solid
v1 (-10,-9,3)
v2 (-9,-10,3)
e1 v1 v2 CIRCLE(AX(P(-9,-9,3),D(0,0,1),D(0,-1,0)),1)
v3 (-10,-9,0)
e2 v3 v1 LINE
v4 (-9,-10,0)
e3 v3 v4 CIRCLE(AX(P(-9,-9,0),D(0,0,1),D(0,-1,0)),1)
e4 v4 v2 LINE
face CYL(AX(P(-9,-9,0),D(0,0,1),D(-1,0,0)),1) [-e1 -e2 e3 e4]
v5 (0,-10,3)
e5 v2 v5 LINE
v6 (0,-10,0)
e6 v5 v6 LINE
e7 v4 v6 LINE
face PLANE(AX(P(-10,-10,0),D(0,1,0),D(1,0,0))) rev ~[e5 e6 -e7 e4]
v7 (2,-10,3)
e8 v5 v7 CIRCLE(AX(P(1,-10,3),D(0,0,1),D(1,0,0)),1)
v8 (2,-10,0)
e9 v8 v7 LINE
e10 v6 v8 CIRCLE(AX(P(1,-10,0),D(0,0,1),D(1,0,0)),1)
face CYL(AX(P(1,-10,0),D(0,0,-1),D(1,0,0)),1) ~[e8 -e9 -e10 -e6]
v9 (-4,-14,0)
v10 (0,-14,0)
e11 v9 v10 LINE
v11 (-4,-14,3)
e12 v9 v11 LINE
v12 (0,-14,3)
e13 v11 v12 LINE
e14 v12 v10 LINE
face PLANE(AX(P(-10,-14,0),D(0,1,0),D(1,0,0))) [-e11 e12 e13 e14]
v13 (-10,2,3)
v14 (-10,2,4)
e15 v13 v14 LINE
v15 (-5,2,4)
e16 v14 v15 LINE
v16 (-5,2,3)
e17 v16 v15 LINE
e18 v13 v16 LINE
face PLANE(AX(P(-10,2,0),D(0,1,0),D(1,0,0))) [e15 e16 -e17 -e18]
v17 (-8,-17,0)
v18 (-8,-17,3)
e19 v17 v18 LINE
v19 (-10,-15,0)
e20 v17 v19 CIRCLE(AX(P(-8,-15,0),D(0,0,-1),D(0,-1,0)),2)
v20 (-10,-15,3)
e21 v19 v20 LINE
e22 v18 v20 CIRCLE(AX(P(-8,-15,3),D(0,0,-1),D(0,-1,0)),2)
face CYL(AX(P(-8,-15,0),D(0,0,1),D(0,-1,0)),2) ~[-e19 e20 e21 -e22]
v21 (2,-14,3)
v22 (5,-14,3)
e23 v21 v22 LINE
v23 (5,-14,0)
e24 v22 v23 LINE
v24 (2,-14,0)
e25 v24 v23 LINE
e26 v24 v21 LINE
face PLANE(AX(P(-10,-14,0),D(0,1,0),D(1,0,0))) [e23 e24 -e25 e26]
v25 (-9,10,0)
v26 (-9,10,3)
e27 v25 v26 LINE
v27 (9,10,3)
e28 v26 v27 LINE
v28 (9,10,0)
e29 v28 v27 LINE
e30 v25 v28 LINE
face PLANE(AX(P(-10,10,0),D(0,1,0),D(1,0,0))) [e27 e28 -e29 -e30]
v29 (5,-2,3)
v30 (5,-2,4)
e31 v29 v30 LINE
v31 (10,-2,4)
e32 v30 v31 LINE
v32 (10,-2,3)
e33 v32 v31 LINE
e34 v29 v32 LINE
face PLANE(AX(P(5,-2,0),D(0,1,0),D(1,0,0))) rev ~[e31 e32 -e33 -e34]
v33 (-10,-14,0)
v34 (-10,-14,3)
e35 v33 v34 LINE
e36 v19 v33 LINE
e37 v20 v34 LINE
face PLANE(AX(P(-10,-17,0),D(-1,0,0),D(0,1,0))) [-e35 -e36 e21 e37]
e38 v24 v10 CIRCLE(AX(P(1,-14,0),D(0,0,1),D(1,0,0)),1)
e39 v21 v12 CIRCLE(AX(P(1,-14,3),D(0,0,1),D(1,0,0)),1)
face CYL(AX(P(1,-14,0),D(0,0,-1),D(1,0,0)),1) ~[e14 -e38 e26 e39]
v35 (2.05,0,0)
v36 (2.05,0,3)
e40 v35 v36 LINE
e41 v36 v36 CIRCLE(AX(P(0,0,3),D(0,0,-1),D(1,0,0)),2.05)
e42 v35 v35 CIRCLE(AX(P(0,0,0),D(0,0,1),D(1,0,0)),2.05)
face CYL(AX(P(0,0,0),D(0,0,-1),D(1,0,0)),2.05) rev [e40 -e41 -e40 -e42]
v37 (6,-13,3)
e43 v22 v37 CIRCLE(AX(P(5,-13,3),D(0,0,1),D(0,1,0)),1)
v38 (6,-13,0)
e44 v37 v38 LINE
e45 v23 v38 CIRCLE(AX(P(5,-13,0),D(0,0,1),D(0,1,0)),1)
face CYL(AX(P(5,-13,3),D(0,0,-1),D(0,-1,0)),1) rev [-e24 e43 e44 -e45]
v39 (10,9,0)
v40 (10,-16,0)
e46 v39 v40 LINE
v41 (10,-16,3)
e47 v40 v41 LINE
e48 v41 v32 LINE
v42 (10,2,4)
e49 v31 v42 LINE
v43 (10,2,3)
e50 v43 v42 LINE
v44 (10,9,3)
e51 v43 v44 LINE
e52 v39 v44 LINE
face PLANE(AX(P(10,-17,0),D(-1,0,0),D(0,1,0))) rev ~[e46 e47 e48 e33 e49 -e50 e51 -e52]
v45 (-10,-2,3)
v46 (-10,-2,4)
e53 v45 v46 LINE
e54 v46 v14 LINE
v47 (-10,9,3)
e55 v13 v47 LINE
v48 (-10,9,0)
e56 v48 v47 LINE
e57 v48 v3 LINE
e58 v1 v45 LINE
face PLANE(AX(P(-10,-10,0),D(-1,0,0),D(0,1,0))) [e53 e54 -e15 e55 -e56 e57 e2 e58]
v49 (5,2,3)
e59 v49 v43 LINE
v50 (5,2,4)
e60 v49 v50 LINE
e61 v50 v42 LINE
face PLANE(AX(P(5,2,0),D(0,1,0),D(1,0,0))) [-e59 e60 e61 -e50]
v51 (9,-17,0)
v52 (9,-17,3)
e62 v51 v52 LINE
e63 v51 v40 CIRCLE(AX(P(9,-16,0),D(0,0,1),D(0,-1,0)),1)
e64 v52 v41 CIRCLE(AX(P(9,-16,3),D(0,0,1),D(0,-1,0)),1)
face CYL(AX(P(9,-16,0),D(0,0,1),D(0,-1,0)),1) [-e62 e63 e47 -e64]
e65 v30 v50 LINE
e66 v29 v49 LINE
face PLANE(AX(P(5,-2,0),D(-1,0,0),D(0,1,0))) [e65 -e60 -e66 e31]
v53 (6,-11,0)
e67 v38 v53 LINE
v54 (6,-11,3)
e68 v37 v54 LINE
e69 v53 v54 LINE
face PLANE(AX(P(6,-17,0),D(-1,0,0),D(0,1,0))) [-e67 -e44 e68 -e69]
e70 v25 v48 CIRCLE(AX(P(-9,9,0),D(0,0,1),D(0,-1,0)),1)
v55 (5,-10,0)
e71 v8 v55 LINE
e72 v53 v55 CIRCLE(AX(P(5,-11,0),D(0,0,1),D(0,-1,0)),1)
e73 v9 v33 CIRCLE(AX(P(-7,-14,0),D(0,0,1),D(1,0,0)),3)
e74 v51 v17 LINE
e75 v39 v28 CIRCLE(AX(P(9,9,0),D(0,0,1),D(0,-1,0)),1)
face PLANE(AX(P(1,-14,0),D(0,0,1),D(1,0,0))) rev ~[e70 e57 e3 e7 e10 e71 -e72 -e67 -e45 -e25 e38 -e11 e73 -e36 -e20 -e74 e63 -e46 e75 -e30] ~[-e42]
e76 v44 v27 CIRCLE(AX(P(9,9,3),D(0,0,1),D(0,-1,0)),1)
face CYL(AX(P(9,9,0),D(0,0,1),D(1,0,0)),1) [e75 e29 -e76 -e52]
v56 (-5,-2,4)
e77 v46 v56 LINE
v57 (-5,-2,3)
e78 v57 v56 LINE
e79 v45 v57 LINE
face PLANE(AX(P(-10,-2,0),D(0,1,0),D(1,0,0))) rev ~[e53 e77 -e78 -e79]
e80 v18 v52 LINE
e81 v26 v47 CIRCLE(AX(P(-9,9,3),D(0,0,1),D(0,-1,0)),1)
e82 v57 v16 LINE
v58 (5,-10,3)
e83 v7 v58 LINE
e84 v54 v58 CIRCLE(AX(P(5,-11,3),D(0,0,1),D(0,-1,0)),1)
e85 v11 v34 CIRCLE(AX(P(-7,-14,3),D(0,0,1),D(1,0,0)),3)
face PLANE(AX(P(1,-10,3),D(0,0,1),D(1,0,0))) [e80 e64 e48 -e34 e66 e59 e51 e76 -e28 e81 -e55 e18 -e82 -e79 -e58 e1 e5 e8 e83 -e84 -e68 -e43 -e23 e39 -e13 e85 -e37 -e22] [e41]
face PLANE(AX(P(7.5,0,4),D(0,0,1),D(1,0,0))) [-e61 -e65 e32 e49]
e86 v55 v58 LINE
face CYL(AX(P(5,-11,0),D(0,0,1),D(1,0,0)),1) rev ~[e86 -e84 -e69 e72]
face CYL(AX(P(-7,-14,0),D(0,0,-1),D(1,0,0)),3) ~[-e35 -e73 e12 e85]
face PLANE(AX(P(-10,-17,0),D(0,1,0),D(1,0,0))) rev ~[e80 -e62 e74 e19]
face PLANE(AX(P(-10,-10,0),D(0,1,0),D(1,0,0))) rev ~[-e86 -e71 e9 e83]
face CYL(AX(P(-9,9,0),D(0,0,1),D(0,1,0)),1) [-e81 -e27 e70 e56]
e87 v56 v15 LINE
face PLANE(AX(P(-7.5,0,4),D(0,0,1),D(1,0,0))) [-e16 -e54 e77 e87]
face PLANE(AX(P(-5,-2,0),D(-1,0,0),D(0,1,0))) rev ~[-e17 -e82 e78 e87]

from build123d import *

# Parameters (mm, degrees)
CYLINDER005_R     = 2.05
CYLINDER005_DEPTH = 10
BOX008_W          = 5
BOX008_H          = 4
BOX008_DEPTH      = 4
BOX005_W          = 20
BOX005_H          = 20
BOX005_DEPTH      = 3
BOX007_W          = 4
BOX007_H          = 7
BOX007_DEPTH      = 3
BOX006_W          = 20
BOX006_H          = 3
BOX006_DEPTH      = 3
CYLINDER002_R     = 3
CYLINDER002_DEPTH = 3
CYLINDER004_R     = 1
CYLINDER004_DEPTH = 3
CYLINDER003_R     = 1
CYLINDER003_DEPTH = 3
BOX009_W          = 5
BOX009_H          = 4
BOX009_DEPTH      = 4
FILLET002_R       = 2
FILLET003_R       = 1


with BuildPart() as cylinder005:
    # Cylinder005 → Cylinder005 (new body)
    with BuildSketch(Plane.XY):
        Circle(CYLINDER005_R)
    extrude(amount=CYLINDER005_DEPTH)


with BuildPart() as cube008:
    # Box008 → Box008 (new body)
    with BuildSketch(Plane(origin=(-10, -2, 0), x_dir=(1, 0, 0), z_dir=(0, 0, 1))):
        with Locations((2.5, 2)):
            Rectangle(BOX008_W, BOX008_H)
    extrude(amount=BOX008_DEPTH)


with BuildPart() as cube005:
    # Box005 → Box005 (new body)
    with BuildSketch(Plane(origin=(-10, -10, 0), x_dir=(1, 0, 0), z_dir=(0, 0, 1))):
        with Locations((10, 10)):
            Rectangle(BOX005_W, BOX005_H)
    extrude(amount=BOX005_DEPTH)


with BuildPart() as cube007:
    # Box007 → Box007 (new body)
    with BuildSketch(Plane(origin=(6, -17, 0), x_dir=(1, 0, 0), z_dir=(0, 0, 1))):
        with Locations((2, 3.5)):
            Rectangle(BOX007_W, BOX007_H)
    extrude(amount=BOX007_DEPTH)


with BuildPart() as cube006:
    # Box006 → Box006 (new body)
    with BuildSketch(Plane(origin=(-10, -17, 0), x_dir=(1, 0, 0), z_dir=(0, 0, 1))):
        with Locations((10, 1.5)):
            Rectangle(BOX006_W, BOX006_H)
    extrude(amount=BOX006_DEPTH)


with BuildPart() as cylinder002:
    # Cylinder002 → Cylinder002 (new body)
    with BuildSketch(Plane(origin=(-7, -14, 0), x_dir=(1, 0, 0), z_dir=(0, 0, 1))):
        Circle(CYLINDER002_R)
    extrude(amount=CYLINDER002_DEPTH)


with BuildPart() as cylinder004:
    # Cylinder004 → Cylinder004 (new body)
    with BuildSketch(Plane(origin=(1, -14, 0), x_dir=(1, 0, 0), z_dir=(0, 0, 1))):
        Circle(CYLINDER004_R)
    extrude(amount=CYLINDER004_DEPTH)


with BuildPart() as cylinder003:
    # Cylinder003 → Cylinder003 (new body)
    with BuildSketch(Plane(origin=(1, -10, 0), x_dir=(1, 0, 0), z_dir=(0, 0, 1))):
        Circle(CYLINDER003_R)
    extrude(amount=CYLINDER003_DEPTH)


with BuildPart() as motor_cable:
    # Box009 → Box009 (new body)
    with BuildSketch(Plane(origin=(5, -2, 0), x_dir=(1, 0, 0), z_dir=(0, 0, 1))):
        with Locations((2.5, 2)):
            Rectangle(BOX009_W, BOX009_H)
    extrude(amount=BOX009_DEPTH)

    # Fusion001: union Cube008, Cube005, Cube007, Cube006, Cylinder002, Cylinder004, Cylinder003
    add(cube008.part)
    add(cube005.part)
    add(cube007.part)
    add(cube006.part)
    add(cylinder002.part)
    add(cylinder004.part)
    add(cylinder003.part)

    # Fillet002
    fillet002_edges = [motor_cable.edges().sort_by_distance(p)[0] for p in [
        (-10, -17, 1.5),
    ]]
    fillet(fillet002_edges, radius=FILLET002_R)

    # Fillet003
    fillet003_edges = [motor_cable.edges().sort_by_distance(p)[0] for p in [
        (10, -17, 1.5),
        (6, -14, 1.5),
        (6, -10, 1.5),
        (-10, -10, 1.5),
        (-10, 10, 1.5),
        (10, 10, 1.5),
    ]]
    fillet(fillet003_edges, radius=FILLET003_R)

    # Cut001: cut Cylinder005
    add(cylinder005.part, mode=Mode.SUBTRACT)


solid = motor_cable.part
